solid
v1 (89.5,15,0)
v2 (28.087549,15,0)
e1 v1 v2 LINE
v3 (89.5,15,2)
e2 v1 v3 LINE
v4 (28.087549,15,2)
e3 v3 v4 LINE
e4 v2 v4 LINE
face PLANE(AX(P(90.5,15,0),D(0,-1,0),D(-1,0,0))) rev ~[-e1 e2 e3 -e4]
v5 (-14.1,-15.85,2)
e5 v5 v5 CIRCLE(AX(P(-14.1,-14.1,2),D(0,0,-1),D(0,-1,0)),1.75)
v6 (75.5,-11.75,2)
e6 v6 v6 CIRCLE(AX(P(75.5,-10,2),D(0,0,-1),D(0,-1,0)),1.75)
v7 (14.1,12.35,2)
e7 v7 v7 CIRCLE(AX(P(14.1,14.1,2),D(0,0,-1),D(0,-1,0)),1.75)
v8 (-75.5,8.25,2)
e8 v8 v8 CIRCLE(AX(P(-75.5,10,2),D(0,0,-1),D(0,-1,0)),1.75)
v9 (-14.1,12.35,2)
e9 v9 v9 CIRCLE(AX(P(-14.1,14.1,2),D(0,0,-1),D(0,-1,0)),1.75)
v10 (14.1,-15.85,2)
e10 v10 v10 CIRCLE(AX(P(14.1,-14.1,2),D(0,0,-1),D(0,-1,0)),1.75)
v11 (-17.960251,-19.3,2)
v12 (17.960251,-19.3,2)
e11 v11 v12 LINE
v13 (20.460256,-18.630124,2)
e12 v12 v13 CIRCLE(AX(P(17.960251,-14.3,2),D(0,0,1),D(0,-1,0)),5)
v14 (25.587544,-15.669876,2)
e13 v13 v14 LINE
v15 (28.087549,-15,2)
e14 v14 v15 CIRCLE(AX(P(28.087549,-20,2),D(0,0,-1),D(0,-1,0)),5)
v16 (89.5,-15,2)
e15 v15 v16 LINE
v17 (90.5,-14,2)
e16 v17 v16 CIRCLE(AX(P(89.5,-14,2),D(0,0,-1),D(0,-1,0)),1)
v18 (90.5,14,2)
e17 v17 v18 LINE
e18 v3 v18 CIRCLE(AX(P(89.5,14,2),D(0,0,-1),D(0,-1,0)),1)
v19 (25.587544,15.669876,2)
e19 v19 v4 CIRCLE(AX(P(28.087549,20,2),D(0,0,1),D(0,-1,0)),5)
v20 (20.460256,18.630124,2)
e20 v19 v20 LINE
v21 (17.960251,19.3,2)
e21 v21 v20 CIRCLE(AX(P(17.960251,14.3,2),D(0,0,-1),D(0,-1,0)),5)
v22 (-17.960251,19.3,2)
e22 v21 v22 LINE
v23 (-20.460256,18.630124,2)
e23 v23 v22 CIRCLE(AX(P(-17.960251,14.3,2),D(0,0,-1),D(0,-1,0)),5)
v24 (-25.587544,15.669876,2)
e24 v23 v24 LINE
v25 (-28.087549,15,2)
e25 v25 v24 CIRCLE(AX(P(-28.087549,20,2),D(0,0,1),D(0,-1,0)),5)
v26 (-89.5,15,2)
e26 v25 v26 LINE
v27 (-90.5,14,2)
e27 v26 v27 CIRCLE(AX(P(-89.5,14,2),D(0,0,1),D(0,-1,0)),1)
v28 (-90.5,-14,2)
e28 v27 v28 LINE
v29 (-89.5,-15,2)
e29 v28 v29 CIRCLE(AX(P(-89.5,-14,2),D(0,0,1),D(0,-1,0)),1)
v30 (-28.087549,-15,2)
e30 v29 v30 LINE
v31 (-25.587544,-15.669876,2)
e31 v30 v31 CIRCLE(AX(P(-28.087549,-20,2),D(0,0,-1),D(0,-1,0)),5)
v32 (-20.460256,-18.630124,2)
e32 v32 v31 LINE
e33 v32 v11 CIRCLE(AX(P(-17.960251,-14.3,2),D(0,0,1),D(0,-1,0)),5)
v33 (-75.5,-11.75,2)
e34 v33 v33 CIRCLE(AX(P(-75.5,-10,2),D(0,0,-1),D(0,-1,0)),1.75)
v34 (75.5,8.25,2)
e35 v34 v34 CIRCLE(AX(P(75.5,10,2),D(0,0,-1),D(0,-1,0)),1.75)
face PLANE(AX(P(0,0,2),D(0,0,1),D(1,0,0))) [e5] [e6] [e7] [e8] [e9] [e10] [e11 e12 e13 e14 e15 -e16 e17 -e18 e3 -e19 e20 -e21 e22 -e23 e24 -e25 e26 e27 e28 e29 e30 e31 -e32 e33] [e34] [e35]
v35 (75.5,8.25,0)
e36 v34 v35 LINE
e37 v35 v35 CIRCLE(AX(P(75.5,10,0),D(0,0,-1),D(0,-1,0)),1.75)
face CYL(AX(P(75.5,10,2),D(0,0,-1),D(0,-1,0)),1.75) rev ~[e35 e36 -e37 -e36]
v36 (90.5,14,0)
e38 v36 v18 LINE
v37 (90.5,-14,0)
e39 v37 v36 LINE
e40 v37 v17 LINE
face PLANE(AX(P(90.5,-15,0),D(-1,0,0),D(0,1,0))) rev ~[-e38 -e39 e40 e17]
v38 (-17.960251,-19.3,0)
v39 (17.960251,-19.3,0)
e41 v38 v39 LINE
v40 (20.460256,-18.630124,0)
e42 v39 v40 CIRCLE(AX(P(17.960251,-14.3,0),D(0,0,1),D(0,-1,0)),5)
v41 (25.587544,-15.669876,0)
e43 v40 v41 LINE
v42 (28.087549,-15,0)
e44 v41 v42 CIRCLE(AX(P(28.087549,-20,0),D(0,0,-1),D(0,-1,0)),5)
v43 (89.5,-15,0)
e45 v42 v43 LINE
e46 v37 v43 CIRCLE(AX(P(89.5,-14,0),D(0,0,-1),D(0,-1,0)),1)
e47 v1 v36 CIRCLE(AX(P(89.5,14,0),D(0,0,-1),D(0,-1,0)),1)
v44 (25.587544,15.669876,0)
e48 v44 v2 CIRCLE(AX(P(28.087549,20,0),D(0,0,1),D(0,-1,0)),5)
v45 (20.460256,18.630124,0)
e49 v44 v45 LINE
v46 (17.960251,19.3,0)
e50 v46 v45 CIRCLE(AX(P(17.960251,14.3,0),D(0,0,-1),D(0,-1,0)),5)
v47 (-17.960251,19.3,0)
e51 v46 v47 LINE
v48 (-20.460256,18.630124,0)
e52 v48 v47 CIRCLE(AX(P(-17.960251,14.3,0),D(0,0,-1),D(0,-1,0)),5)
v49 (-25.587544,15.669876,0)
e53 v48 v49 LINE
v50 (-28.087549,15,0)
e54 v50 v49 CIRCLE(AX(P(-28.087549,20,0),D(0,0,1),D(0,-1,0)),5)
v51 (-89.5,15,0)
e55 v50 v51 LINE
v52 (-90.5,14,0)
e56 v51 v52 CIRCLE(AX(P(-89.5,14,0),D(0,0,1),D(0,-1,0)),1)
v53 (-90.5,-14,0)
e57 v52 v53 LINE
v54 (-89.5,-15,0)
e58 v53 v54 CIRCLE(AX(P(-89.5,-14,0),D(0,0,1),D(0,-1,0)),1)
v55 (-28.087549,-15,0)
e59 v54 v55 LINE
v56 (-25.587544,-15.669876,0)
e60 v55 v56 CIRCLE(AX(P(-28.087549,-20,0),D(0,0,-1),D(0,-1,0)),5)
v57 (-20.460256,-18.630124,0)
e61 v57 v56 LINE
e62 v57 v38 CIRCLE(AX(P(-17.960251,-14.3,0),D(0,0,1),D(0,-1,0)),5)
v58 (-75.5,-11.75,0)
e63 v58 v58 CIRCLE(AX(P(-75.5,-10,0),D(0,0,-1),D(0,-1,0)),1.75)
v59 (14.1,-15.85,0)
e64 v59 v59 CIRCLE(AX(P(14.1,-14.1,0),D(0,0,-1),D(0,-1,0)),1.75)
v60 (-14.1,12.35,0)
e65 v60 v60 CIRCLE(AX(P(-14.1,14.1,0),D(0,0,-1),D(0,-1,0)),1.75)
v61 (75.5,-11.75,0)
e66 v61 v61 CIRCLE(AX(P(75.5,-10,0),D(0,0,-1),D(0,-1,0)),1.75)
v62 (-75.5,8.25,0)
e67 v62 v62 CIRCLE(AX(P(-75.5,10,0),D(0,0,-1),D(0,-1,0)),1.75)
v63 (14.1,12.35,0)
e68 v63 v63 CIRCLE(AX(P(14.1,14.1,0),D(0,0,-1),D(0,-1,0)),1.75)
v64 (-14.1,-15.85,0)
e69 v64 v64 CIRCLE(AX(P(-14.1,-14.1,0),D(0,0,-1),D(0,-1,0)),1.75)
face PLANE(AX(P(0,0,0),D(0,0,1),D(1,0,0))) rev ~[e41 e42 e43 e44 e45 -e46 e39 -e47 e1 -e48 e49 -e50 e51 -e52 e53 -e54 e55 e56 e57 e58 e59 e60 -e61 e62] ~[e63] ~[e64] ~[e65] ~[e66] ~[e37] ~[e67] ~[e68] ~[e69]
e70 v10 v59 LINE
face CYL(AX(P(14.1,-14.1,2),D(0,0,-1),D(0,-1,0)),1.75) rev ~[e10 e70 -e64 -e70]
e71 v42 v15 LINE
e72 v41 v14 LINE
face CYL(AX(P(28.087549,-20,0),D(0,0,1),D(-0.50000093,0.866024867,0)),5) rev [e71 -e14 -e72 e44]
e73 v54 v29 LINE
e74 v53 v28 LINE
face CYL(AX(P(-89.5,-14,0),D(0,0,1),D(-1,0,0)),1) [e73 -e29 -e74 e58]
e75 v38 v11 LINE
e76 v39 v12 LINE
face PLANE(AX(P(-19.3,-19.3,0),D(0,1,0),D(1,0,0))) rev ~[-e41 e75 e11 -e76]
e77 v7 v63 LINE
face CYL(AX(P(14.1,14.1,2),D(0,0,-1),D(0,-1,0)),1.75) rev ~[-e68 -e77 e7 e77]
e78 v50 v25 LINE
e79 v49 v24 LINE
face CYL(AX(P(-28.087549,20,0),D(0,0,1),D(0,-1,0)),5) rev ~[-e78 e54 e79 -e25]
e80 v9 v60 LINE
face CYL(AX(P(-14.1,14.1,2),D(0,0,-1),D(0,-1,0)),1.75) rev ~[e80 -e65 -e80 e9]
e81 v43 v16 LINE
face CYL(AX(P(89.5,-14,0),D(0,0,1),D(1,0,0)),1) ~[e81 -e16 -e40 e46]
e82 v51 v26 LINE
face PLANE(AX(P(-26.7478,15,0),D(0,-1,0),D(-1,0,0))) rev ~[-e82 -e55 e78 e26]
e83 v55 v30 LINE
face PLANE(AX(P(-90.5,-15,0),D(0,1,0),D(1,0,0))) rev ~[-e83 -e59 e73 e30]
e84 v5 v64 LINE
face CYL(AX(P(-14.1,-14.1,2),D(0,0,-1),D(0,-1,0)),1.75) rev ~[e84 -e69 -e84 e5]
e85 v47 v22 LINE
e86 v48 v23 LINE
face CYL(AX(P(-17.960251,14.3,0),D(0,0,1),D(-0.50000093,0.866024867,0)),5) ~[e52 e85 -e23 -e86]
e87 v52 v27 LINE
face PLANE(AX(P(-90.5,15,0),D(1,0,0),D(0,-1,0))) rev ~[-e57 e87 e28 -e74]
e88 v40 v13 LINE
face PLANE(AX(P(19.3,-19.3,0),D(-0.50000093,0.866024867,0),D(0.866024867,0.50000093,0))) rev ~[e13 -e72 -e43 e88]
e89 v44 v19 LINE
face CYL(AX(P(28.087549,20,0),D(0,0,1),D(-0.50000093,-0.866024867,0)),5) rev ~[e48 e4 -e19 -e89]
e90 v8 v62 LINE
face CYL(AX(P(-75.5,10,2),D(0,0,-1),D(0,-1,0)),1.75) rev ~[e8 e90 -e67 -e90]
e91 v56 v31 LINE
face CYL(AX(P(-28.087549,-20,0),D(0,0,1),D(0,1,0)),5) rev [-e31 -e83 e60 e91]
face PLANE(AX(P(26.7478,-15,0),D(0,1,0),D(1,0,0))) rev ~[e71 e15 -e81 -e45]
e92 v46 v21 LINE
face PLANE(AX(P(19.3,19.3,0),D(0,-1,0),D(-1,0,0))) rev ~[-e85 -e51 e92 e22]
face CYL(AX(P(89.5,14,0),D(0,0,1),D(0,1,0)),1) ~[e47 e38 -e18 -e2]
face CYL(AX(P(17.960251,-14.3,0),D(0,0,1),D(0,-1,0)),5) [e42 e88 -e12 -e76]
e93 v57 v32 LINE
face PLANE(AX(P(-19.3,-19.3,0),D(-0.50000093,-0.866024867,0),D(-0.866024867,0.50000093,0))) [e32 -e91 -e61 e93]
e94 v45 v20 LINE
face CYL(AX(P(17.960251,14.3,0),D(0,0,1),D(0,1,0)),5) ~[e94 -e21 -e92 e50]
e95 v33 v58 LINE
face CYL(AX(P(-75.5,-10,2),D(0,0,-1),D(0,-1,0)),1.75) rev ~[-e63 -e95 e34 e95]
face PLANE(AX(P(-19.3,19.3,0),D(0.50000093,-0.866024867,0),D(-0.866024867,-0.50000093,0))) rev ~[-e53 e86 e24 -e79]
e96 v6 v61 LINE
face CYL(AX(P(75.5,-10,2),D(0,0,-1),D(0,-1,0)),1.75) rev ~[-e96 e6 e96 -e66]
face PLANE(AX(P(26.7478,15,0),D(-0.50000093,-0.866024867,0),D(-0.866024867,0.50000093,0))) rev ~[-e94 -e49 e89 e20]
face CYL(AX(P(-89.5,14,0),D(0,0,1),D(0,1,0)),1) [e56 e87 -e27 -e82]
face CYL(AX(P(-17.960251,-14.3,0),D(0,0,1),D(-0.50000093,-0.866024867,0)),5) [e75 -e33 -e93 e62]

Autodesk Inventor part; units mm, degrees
ref_plane "YZ Plane" through (0, 0, 0) normal (1, 0, 0) x (0, 1, 0)
ref_plane "XZ Plane" through (0, 0, 0) normal (0, 1, 0) x (-1, 0, 0)
ref_plane "XY Plane" through (0, 0, 0) normal (0, 0, 1) x (1, 0, 0)
sketch "スケッチ1" plane through (0, 0, 0) normal (0, 0, 1) x (1, 0, 0)
  line L0 (-90.5, -15) -> (90.5, -15)
  line L1 (90.5, -15) -> (90.5, 15)
  line L2 (90.5, 15) -> (-90.5, 15)
  line L3 (-90.5, 15) -> (-90.5, -15)
  line L4 (-90.5, -15) -> (90.5, 15) construction
  line L5 (90.5, -15) -> (-90.5, 15) construction
  line L6 (-19.3, -19.3) -> (19.3, -19.3)
  line L7 (19.3, -19.3) -> (19.3, 19.3)
  line L8 (19.3, 19.3) -> (-19.3, 19.3)
  line L9 (-19.3, 19.3) -> (-19.3, -19.3)
  line L10 (-19.3, -19.3) -> (19.3, 19.3) construction
  line L11 (19.3, -19.3) -> (-19.3, 19.3) construction
  line L12 (-19.3, 19.3) -> (-26.7478, 15)
  line L13 (-19.3, -19.3) -> (-26.7478, -15)
  line L14 (19.3, -19.3) -> (26.7478, -15)
  line L15 (26.7478, 15) -> (19.3, 19.3)
  point P0 (0, 0)
  dimension "d0" = 181
  dimension "d1" = 30
  dimension "d2" = 38.6
  dimension "d3" = 38.6
  dimension "d4" = 150
  dimension "d5" = 150
extrude "プレート1" add sketch "スケッチ1" along normal blind 2
sketch "スケッチ2" plane through (0, 0, 2) normal (0, 0, 1) x (1, 0, 0)
  line L0 (-75.5, -10) -> (75.5, -10) construction
  line L1 (75.5, -10) -> (75.5, 10) construction
  line L2 (75.5, 10) -> (-75.5, 10) construction
  line L3 (-75.5, 10) -> (-75.5, -10) construction
  line L4 (-75.5, -10) -> (75.5, 10) construction
  line L5 (75.5, -10) -> (-75.5, 10) construction
  point P0 (0, 0)
  dimension "d7" = 151
  dimension "d8" = 20
hole "穴1" at (-75.5, 10, 2) at (-75.5, -10, 2) at (75.5, -10, 2) at (75.5, 10, 2) direction (0, 0, -1) diameter 3.5 depth 2 tip angle 118
sketch "スケッチ3" plane through (0, 0, 2) normal (0, 0, 1) x (1, 0, 0)
  line L0 (-14.1, -14.1) -> (14.1, -14.1) construction
  line L1 (14.1, -14.1) -> (14.1, 14.1) construction
  line L2 (14.1, 14.1) -> (-14.1, 14.1) construction
  line L3 (-14.1, 14.1) -> (-14.1, -14.1) construction
  line L4 (-14.1, -14.1) -> (14.1, 14.1) construction
  line L5 (14.1, -14.1) -> (-14.1, 14.1) construction
  point P0 (0, 0)
  dimension "d16" = 28.2
  dimension "d17" = 28.2
hole "穴2" at (14.1, 14.1, 2) at (14.1, -14.1, 2) at (-14.1, -14.1, 2) at (-14.1, 14.1, 2) direction (0, 0, -1) diameter 3.5 depth 2 tip angle 118
fillet "フィレット1" radius 5 8 edges at (26.7478, 15, 1) (19.3, 19.3, 1) (26.7478, -15, 1) (19.3, -19.3, 1) (-19.3, -19.3, 1) (-26.7478, -15, 1) (-26.7478, 15, 1) (-19.3, 19.3, 1)
fillet "フィレット2" radius 1 4 edges at (-90.5, 15, 1) (-90.5, -15, 1) (90.5, -15, 1) (90.5, 15, 1)
equation "\"d3\" = d2"
equation "\"d5\" = d4"
equation "\"d14\" = Thickness"
equation "\"d23\" = Thickness"
equation "\"d6\" = Thickness"
equation "\"BendRadius\" = Thickness"
equation "\"BendReliefWidth\" = Thickness"
equation "\"BendReliefDepth\" = 0.5 * Thickness"
equation "\"CornerReliefSize\" = 4 * Thickness"
equation "\"MinimumRemnant\" = 2 * Thickness"
equation "\"TransitionRadius\" = BendRadius"
equation "\"JacobiRadiusSize\" = BendRadius"
equation "\"GapSize\" = Thickness"
equation "\"Thickness\" = 2"
properties part number "T2.0_frame-base4"
